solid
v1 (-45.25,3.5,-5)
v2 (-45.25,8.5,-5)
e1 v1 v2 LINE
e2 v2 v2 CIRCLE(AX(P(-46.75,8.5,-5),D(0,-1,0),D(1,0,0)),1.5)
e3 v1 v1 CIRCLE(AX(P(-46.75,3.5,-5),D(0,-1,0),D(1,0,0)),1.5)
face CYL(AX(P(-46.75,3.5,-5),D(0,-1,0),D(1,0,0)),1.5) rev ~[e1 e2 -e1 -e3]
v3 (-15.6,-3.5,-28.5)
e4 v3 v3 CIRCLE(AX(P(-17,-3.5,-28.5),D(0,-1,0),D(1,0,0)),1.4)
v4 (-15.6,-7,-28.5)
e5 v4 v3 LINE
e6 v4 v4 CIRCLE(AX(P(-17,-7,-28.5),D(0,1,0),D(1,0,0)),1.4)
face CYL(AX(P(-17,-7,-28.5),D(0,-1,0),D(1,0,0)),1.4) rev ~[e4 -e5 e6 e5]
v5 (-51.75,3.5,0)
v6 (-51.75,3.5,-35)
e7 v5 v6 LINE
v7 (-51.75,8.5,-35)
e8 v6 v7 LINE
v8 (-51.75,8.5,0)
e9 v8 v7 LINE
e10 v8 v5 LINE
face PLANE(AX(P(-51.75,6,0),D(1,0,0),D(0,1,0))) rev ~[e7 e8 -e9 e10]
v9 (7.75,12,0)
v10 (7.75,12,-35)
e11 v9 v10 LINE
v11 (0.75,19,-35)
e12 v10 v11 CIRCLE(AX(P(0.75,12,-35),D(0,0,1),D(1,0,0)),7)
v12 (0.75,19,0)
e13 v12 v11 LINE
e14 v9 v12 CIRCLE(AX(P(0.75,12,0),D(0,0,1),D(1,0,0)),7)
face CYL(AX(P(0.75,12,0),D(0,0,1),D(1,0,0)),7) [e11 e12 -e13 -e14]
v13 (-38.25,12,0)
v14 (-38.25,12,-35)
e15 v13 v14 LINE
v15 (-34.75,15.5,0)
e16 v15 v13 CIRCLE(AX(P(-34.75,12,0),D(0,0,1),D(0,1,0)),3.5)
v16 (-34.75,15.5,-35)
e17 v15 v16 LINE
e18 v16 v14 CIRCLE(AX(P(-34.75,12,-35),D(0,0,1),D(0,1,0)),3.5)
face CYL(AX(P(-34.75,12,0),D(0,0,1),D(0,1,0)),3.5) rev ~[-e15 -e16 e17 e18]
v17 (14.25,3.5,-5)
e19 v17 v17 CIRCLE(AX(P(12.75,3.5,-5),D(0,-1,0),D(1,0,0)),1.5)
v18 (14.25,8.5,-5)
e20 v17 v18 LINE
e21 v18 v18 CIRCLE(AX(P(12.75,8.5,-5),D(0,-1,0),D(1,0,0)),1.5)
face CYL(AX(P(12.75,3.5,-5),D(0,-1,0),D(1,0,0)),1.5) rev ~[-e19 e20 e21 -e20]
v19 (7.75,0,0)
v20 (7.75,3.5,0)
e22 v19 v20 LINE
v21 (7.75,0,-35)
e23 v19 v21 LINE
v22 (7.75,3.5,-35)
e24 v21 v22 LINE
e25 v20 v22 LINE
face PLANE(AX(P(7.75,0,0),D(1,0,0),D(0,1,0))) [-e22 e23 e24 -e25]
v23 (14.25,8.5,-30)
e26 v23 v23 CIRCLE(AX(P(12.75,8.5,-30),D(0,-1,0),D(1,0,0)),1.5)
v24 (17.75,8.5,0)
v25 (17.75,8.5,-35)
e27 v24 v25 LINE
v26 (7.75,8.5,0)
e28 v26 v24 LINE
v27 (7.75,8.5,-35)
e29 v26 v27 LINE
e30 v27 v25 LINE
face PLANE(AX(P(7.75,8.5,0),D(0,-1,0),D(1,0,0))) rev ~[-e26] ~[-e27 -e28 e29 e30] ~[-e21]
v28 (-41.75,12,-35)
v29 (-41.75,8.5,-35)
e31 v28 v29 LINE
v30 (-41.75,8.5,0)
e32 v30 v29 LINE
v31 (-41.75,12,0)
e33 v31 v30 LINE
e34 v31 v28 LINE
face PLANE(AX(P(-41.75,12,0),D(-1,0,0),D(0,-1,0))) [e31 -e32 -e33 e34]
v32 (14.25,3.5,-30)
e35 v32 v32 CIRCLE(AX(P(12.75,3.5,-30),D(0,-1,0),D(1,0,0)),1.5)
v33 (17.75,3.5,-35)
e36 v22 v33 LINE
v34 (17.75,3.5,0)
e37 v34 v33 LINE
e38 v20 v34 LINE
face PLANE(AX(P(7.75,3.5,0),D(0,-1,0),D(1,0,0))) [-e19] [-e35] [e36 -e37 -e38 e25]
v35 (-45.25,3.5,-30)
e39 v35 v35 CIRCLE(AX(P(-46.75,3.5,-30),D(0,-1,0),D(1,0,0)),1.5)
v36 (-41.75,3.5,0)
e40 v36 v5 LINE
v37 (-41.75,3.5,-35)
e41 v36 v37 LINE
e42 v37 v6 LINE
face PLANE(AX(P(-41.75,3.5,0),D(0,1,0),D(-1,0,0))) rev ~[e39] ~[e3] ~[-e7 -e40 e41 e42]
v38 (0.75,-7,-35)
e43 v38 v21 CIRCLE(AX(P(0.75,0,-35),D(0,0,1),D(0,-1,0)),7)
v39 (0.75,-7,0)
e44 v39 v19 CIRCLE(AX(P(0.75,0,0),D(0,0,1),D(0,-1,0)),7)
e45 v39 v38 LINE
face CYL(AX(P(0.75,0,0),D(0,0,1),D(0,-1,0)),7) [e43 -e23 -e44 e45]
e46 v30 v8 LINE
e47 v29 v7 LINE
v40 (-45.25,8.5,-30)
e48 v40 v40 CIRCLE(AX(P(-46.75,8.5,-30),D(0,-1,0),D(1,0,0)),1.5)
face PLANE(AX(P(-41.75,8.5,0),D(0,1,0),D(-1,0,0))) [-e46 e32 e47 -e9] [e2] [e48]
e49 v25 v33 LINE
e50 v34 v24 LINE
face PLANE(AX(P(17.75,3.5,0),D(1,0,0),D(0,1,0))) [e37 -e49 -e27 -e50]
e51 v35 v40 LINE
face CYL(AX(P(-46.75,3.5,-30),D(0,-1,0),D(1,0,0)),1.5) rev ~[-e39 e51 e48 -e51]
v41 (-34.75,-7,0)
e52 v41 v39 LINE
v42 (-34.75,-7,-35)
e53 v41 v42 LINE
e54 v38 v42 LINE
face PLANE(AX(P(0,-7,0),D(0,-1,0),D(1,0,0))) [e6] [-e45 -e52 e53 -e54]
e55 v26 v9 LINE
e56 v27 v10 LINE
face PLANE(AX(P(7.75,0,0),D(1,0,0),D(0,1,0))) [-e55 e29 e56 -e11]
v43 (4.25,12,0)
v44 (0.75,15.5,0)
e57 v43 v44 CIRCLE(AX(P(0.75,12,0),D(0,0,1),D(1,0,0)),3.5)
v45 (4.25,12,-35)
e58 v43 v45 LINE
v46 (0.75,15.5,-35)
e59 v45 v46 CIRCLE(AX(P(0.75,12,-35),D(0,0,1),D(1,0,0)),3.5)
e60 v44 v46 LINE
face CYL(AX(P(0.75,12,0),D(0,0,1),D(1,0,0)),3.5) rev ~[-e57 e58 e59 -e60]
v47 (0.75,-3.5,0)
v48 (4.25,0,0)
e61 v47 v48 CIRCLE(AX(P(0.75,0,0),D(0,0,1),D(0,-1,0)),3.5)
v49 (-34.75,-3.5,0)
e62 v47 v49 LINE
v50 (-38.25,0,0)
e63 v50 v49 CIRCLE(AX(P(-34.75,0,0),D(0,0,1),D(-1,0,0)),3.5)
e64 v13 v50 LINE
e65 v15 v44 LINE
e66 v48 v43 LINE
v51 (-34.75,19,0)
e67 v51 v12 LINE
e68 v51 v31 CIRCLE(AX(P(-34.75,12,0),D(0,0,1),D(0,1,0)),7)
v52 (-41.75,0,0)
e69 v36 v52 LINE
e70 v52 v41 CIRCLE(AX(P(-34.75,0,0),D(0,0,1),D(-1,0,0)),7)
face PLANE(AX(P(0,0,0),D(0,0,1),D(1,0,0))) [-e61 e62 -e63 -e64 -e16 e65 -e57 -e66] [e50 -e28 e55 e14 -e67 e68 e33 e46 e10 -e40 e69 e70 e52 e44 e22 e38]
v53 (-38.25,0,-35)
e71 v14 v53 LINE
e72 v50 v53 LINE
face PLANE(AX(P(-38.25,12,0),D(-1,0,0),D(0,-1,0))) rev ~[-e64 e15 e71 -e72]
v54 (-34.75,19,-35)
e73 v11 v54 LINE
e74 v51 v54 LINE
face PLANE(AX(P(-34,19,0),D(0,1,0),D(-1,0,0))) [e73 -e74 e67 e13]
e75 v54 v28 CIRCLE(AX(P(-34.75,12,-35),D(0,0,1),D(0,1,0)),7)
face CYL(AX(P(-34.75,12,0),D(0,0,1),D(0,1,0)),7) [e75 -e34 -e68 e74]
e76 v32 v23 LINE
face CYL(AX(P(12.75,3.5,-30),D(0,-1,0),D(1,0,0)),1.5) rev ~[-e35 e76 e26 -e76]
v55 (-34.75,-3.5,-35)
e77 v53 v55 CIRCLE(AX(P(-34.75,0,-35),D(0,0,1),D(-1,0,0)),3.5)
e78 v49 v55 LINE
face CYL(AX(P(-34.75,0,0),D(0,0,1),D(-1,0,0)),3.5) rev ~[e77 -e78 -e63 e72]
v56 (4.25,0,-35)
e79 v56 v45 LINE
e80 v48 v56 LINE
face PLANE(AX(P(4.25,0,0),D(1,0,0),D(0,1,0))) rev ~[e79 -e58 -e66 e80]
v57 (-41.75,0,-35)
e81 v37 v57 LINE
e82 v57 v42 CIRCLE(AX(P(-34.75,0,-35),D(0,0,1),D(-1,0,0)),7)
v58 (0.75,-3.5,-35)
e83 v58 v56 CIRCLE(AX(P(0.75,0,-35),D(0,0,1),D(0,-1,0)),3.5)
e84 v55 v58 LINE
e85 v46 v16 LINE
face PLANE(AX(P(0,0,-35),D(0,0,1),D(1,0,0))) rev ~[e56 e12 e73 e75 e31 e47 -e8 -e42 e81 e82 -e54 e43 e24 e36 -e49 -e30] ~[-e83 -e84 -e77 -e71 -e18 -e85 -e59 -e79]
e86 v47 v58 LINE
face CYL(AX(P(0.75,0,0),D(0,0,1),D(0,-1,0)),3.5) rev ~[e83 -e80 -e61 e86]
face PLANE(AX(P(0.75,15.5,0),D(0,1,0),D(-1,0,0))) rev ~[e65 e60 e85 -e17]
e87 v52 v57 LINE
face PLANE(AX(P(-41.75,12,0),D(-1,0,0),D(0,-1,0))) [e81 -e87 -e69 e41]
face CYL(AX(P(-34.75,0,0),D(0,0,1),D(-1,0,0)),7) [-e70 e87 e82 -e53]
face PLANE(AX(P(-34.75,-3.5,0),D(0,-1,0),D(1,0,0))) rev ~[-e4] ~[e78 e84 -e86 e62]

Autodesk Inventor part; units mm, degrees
ref_plane "YZ Plane" through (0, 0, 0) normal (1, 0, 0) x (0, 1, 0)
ref_plane "XZ Plane" through (0, 0, 0) normal (0, 1, 0) x (-1, 0, 0)
ref_plane "XY Plane" through (0, 0, 0) normal (0, 0, 1) x (1, 0, 0)
sketch "Sketch1" plane through (0, 0, 0) normal (0, 0, 1) x (1, 0, 0)
  arc A0 (0, -3) -> (3, 0) centre (0, 0) ccw projected
  line L0 (3, 12) -> (3, 0) projected
  arc A1 (3, 12) -> (0, 15) centre (0, 12) ccw projected
  line L1 (-34, 15) -> (0, 15) projected
  arc A2 (-34, 15) -> (-37, 12) centre (-34, 12) ccw projected
  line L2 (-37, 0) -> (-37, 12) projected
  arc A3 (-37, 0) -> (-34, -3) centre (-34, 0) ccw projected
  line L3 (0, -3) -> (-34, -3) projected
  arc A4 (-32.9749, 5.5) -> (-28, 1) centre (-28, 6) ccw projected
  arc A5 (-28, 10) -> (-32.9749, 5.5) centre (-28, 5) ccw projected
  line L4 (-6, 10) -> (-28, 10) projected
  arc A6 (-1.0251, 5.5) -> (-6, 10) centre (-6, 5) ccw projected
  arc A7 (-6, 1) -> (-1.0251, 5.5) centre (-6, 6) ccw projected
  line L5 (-28, 1) -> (-6, 1) projected
  line L6 (-37.75, 0) -> (-37.75, 12)
  line L7 (3.75, 12) -> (3.75, 0)
  line L8 (0, 0) -> (0.75, 0)
  line L9 (0, 12) -> (0.75, 12)
  line L10 (-34, 12) -> (-34.75, 12)
  line L11 (-34, 0) -> (-34.75, 0)
  arc A8 (-37.75, 0) -> (-34.75, -3) centre (-34.75, 0) ccw
  line L12 (-34.75, 0) -> (-34.75, -3) construction
  line L13 (-34.75, 0) -> (-31.75, 0) construction
  arc A9 (0.75, -3) -> (3.75, 0) centre (0.75, 0) ccw
  arc A10 (3.75, 12) -> (0.75, 15) centre (0.75, 12) ccw
  arc A11 (-34.75, 15) -> (-37.75, 12) centre (-34.75, 12) ccw
  line L14 (-34.75, 12) -> (-34.75, 15) construction
  line L15 (-34.75, 12) -> (-37.75, 12) construction
  line L16 (-34, -3) -> (-34.75, -3)
  line L17 (-34, 15) -> (-34.75, 15)
  line L18 (0, 15) -> (0.75, 15)
  line L19 (0, -3) -> (0.75, -3)
  line L20 (-34, 15) -> (0, 15)
  line L21 (-34, -3) -> (0, -3)
  line L22 (-38.25, 12) -> (-38.25, 0)
  arc A12 (-38.25, 0) -> (-34.75, -3.5) centre (-34.75, 0) ccw
  line L23 (-34.75, -3.5) -> (-34, -3.5)
  line L24 (-34, -3.5) -> (0, -3.5)
  line L25 (0, -3.5) -> (0.75, -3.5)
  arc A13 (0.75, -3.5) -> (4.25, 0) centre (0.75, 0) ccw
  line L26 (4.25, 0) -> (4.25, 12)
  arc A14 (4.25, 12) -> (0.75, 15.5) centre (0.75, 12) ccw
  line L27 (0.75, 15.5) -> (0, 15.5)
  line L28 (0, 15.5) -> (-34, 15.5)
  line L29 (-34, 15.5) -> (-34.75, 15.5)
  arc A15 (-34.75, 15.5) -> (-38.25, 12) centre (-34.75, 12) ccw
  line L30 (-41.75, 12) -> (-41.75, 0)
  arc A16 (-41.75, 0) -> (-34.75, -7) centre (-34.75, 0) ccw
  line L31 (-34.75, -7) -> (-34, -7)
  line L32 (-34, -7) -> (0, -7)
  line L33 (0, -7) -> (0.75, -7)
  arc A17 (0.75, -7) -> (7.75, 0) centre (0.75, 0) ccw
  line L34 (7.75, 0) -> (7.75, 12)
  arc A18 (7.75, 12) -> (0.75, 19) centre (0.75, 12) ccw
  line L35 (0.75, 19) -> (0, 19)
  line L36 (0, 19) -> (-34, 19)
  line L37 (-34, 19) -> (-34.75, 19)
  arc A19 (-34.75, 19) -> (-41.75, 12) centre (-34.75, 12) ccw
  point P0 (0, 0)
  dimension "d1" = 40
  dimension "d4" = 0.75
  dimension "d5" = 0.75
  dimension "d6" = 0.75
  dimension "d7" = 0.75
  dimension "d8" = 0.75
  dimension "d9" = 90
  dimension "d10" = 90
  dimension "d11" = 0.5
  dimension "d12" = 3.5
extrude "Extrusion1" add sketch "Sketch1" against normal blind 35 contours A19 L37 L36 L35 A18 L34 A17 L33 L32 L31 A16 L30
sketch "Sketch2" plane through (0, 0, 0) normal (0, 0, 1) x (1, 0, 0)
  line L0 (-41.75, 12) -> (-41.75, 0) projected
  line L1 (7.75, 0) -> (7.75, 12) projected
  line L2 (7.75, 6) -> (17.75, 6)
  line L3 (-41.75, 6) -> (-51.75, 6)
  line L4 (-41.75, 8.5) -> (-51.75, 8.5)
  line L5 (-41.75, 3.5) -> (-51.75, 3.5)
  line L6 (7.75, 8.5) -> (17.75, 8.5)
  line L7 (7.75, 3.5) -> (17.75, 3.5)
  line L8 (17.75, 8.5) -> (7.75, 8.5)
  line L9 (7.75, 8.5) -> (7.75, 3.5)
  line L10 (7.75, 3.5) -> (17.75, 3.5)
  line L11 (17.75, 3.5) -> (17.75, 8.5)
  line L12 (-51.75, 8.5) -> (-41.75, 8.5)
  line L13 (-41.75, 8.5) -> (-41.75, 3.5)
  line L14 (-41.75, 3.5) -> (-51.75, 3.5)
  line L15 (-51.75, 3.5) -> (-51.75, 8.5)
  point P0 (0, 0)
  dimension "d15" = 10
  dimension "d16" = 10
  dimension "d17" = 2.5
  dimension "d18" = 2.5
  dimension "d19" = 2.5
  dimension "d20" = 2.5
extrude "Extrusion2" add sketch "Sketch2" against normal up to surface (35 mm away)
sketch "Sketch3" plane through (7.75, 3.5, 0) normal (0, -1, 0) x (1, 0, 0)
  line L0 (10, -35) -> (0, -35) projected
  line L1 (10, 0) -> (10, -35) projected
  line L2 (0, 0) -> (10, 0) projected
  line L3 (0, -35) -> (0, 0) projected
  line L4 (-49.5, -35) -> (-59.5, -35) projected
  line L5 (-49.5, 0) -> (-49.5, -35) projected
  line L6 (-59.5, 0) -> (-49.5, 0) projected
  line L7 (-59.5, 0) -> (-59.5, -35) projected
  circle A0 centre (5, -5) radius 5
  circle A1 centre (5, -30) radius 5
  circle A2 centre (-54.5, -5) radius 5
  circle A3 centre (-54.5, -30) radius 5
  circle A4 centre (-54.5, -5) radius 1.5
  circle A5 centre (-54.5, -30) radius 1.5
  circle A6 centre (5, -5) radius 1.5
  circle A7 centre (5, -30) radius 1.5
  point P0 (-7.75, 0)
  dimension "d23" = 3
  dimension "d24" = 3
  dimension "d25" = 3
  dimension "d26" = 3
extrude "Extrusion3" cut sketch "Sketch3" against normal blind 10 contours A4 | A5 | A6 | A7
sketch "Sketch4" plane through (-34.75, -7, 0) normal (0, -1, 0) x (1, 0, 0)
  line L0 (0, 0) -> (35.5, 0) projected
  line L1 (17.75, 0) -> (17.75, -26)
  line L2 (17.75, -26) -> (17.75, -31)
  circle A0 centre (17.75, -28.5) radius 2.5
  circle A1 centre (17.75, -28.5) radius 1.4
  point P0 (34.75, 0)
  dimension "d29" = 26
  dimension "d30" = 5
  dimension "d31" = 2.8
extrude "Extrusion4" cut sketch "Sketch4" against normal blind 10 contours A1 L2 | L2 A1
equation "\"d21\" = d18"
properties part number "camHolder_3DPrint"
